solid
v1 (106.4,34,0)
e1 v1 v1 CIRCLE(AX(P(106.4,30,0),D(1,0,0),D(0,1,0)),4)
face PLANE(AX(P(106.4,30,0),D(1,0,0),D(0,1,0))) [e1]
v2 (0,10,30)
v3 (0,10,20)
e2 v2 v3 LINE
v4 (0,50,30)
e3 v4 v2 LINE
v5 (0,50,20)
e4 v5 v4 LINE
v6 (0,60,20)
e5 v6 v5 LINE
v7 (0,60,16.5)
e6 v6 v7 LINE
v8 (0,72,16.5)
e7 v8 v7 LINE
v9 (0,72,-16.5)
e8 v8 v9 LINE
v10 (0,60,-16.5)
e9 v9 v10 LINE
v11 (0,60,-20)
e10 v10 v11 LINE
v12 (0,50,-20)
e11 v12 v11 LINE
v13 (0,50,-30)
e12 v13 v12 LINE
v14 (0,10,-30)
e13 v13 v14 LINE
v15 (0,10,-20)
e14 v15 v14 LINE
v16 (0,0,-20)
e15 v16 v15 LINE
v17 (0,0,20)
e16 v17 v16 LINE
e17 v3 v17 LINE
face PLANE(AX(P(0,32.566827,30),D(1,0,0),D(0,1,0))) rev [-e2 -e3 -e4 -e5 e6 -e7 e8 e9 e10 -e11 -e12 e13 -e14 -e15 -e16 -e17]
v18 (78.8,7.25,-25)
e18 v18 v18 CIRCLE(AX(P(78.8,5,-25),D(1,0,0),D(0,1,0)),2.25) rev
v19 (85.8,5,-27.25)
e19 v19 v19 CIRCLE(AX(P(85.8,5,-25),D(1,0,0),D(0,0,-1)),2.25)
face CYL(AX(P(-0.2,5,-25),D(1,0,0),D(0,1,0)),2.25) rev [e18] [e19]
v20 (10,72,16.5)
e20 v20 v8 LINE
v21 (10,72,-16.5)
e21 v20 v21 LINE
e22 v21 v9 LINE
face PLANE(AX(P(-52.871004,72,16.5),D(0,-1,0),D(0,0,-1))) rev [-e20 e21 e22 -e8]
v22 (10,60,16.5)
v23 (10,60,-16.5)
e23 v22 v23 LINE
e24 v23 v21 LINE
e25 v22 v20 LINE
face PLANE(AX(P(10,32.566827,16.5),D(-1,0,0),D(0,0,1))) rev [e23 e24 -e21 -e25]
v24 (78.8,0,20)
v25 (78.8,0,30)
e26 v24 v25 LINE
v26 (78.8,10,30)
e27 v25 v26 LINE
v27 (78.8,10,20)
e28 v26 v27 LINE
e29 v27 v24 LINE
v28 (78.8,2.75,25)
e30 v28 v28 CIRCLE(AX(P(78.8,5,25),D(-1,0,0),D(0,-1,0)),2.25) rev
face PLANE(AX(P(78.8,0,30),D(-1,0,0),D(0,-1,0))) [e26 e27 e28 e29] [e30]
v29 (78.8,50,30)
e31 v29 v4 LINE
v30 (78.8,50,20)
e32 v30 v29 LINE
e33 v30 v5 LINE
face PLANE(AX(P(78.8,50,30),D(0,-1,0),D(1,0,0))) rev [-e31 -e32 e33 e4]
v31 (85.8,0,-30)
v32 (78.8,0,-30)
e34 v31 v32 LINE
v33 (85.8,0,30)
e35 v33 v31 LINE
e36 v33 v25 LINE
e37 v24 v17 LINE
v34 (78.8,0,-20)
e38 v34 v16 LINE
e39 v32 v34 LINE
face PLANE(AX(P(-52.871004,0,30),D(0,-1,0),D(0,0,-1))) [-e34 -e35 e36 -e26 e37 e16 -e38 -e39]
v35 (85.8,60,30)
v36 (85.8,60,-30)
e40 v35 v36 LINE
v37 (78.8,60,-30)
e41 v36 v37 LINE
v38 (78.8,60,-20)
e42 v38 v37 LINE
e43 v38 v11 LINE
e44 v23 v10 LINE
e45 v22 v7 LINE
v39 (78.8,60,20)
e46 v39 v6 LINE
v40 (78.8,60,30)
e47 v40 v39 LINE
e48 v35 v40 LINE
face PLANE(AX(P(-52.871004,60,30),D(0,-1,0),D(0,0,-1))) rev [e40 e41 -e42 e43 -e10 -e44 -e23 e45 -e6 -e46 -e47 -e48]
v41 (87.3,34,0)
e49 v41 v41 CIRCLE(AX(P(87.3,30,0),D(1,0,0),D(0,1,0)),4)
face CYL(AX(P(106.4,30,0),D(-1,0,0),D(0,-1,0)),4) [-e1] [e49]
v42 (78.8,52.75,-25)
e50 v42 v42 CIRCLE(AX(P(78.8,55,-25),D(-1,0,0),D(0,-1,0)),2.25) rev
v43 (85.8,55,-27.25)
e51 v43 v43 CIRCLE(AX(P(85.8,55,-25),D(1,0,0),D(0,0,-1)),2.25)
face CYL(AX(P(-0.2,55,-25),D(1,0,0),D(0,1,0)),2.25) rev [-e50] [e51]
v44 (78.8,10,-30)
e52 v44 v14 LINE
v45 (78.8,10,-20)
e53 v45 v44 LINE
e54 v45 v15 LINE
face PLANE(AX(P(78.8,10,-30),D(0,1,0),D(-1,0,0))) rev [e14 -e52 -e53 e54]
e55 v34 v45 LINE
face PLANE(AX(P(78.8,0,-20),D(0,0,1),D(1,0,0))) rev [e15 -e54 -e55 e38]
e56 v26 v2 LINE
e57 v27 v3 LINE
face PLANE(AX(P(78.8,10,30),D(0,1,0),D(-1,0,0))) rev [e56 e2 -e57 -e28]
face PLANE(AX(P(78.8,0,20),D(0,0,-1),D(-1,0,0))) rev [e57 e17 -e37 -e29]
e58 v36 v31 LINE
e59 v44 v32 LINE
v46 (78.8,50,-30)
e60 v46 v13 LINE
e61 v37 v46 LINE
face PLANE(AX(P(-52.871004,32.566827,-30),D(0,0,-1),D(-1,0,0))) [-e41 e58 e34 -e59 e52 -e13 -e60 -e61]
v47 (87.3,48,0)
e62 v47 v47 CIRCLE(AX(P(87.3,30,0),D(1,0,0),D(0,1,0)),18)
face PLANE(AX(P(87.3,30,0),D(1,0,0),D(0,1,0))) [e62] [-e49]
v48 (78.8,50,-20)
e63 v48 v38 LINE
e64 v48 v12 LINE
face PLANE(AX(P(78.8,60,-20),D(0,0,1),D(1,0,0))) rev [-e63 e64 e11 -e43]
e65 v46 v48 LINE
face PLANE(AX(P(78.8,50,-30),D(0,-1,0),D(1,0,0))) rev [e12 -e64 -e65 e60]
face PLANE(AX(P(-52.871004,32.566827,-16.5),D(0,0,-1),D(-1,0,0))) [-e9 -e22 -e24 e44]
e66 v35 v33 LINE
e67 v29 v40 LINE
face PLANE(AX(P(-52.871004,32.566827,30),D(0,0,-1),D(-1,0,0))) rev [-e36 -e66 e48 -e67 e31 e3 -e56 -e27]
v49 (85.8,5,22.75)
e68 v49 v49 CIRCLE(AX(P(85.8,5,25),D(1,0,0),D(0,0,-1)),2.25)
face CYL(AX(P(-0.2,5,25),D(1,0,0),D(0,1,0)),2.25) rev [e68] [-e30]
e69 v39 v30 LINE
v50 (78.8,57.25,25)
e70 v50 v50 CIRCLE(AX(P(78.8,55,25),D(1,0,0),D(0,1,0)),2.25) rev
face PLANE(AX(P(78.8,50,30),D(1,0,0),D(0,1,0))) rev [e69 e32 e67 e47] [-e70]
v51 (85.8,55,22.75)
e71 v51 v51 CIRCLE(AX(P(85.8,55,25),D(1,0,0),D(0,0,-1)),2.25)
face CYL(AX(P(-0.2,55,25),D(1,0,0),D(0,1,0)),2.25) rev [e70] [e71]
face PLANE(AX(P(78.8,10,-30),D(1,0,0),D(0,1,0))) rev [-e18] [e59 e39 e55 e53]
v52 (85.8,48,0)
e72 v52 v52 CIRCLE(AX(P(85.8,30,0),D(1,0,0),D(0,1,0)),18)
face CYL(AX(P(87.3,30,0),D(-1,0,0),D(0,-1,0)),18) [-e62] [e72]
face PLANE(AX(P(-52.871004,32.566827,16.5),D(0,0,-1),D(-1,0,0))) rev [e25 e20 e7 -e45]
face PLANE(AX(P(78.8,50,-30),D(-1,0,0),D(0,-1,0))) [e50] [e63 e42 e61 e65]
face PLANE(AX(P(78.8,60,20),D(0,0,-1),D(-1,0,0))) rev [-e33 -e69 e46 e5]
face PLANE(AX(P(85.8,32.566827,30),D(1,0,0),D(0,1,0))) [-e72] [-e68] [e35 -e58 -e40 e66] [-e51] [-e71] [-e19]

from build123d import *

# Parameters (mm, degrees)
SKETCH1_W          = 85.8
SKETCH1_H          = 60
EXTRUDE1_DEPTH     = 30
SKETCH1_5_W        = 10
SKETCH1_5_H        = 12
EXTRUDE2_DEPTH     = 16.5
SKETCH2_R          = 18
SKETCH2_R_2        = 4
EXTRUDE3_DEPTH     = 1.5
SKETCH2_2_R        = 18
SKETCH2_2_R_2      = 4
EXTRUDE4_DEPTH     = 1.5
SKETCH4_R          = 4
EXTRUDE5_DEPTH     = 20.6
SKETCH5_R          = 2.25
CUT_EXTRUDE1_DEPTH = 86
SKETCH6_W          = 10
SKETCH6_H          = 10
CUT_EXTRUDE2_DEPTH = 78.8


with BuildPart() as part:
    # Sketch1 → Extrude1 (new body, symmetric)
    with BuildSketch(Plane.XY):
        with Locations((42.9, 30)):
            Rectangle(SKETCH1_W, SKETCH1_H)
    extrude(amount=EXTRUDE1_DEPTH, both=True)

    # Sketch1<5> → Extrude2 (add, symmetric)
    with BuildSketch(Plane.XY):
        with Locations((5, 66)):
            Rectangle(SKETCH1_5_W, SKETCH1_5_H)
    extrude(amount=EXTRUDE2_DEPTH, both=True)

    # Sketch2 → Extrude3 (add)
    with BuildSketch(Plane(origin=(85.8, 0, 0), x_dir=(0, 0, -1), z_dir=(1, 0, 0))):
        with Locations((0, 30)):
            Circle(SKETCH2_R)
        with Locations((0, 30)):
            Circle(SKETCH2_R_2, mode=Mode.SUBTRACT)
    extrude(amount=EXTRUDE3_DEPTH)

    # Sketch2<2> → Extrude4 (add)
    with BuildSketch(Plane(origin=(85.8, 0, 0), x_dir=(0, 0, -1), z_dir=(1, 0, 0))):
        with Locations((0, 30)):
            Circle(SKETCH2_2_R)
        with Locations((0, 30)):
            Circle(SKETCH2_2_R_2, mode=Mode.SUBTRACT)
    extrude(amount=EXTRUDE4_DEPTH)

    # Sketch4 → Extrude5 (add)
    with BuildSketch(Plane(origin=(85.8, 0, 0), x_dir=(0, 0, -1), z_dir=(1, 0, 0))):
        with Locations((0, 30)):
            Circle(SKETCH4_R)
    extrude(amount=EXTRUDE5_DEPTH)

    # Sketch5 → Cut-Extrude1 (cut)
    with BuildSketch(Plane(origin=(85.8, 0, 0), x_dir=(0, 0, -1), z_dir=(1, 0, 0))):
        with Locations((-25, 55)):
            Circle(SKETCH5_R)
        with Locations((25, 55)):
            Circle(SKETCH5_R)
        with Locations((25, 5)):
            Circle(SKETCH5_R)
        with Locations((-25, 5)):
            Circle(SKETCH5_R)
    extrude(amount=-CUT_EXTRUDE1_DEPTH, mode=Mode.SUBTRACT)

    # Sketch6 → Cut-Extrude2 (cut)
    with BuildSketch(Plane.ZY):
        with Locations((-25, 55)):
            Rectangle(SKETCH6_W, SKETCH6_H)
        with Locations((25, 55)):
            Rectangle(SKETCH6_W, SKETCH6_H)
        with Locations((-25, 5)):
            Rectangle(SKETCH6_W, SKETCH6_H)
        with Locations((25, 5)):
            Rectangle(SKETCH6_W, SKETCH6_H)
    extrude(amount=-CUT_EXTRUDE2_DEPTH, mode=Mode.SUBTRACT)


solid = part.part
